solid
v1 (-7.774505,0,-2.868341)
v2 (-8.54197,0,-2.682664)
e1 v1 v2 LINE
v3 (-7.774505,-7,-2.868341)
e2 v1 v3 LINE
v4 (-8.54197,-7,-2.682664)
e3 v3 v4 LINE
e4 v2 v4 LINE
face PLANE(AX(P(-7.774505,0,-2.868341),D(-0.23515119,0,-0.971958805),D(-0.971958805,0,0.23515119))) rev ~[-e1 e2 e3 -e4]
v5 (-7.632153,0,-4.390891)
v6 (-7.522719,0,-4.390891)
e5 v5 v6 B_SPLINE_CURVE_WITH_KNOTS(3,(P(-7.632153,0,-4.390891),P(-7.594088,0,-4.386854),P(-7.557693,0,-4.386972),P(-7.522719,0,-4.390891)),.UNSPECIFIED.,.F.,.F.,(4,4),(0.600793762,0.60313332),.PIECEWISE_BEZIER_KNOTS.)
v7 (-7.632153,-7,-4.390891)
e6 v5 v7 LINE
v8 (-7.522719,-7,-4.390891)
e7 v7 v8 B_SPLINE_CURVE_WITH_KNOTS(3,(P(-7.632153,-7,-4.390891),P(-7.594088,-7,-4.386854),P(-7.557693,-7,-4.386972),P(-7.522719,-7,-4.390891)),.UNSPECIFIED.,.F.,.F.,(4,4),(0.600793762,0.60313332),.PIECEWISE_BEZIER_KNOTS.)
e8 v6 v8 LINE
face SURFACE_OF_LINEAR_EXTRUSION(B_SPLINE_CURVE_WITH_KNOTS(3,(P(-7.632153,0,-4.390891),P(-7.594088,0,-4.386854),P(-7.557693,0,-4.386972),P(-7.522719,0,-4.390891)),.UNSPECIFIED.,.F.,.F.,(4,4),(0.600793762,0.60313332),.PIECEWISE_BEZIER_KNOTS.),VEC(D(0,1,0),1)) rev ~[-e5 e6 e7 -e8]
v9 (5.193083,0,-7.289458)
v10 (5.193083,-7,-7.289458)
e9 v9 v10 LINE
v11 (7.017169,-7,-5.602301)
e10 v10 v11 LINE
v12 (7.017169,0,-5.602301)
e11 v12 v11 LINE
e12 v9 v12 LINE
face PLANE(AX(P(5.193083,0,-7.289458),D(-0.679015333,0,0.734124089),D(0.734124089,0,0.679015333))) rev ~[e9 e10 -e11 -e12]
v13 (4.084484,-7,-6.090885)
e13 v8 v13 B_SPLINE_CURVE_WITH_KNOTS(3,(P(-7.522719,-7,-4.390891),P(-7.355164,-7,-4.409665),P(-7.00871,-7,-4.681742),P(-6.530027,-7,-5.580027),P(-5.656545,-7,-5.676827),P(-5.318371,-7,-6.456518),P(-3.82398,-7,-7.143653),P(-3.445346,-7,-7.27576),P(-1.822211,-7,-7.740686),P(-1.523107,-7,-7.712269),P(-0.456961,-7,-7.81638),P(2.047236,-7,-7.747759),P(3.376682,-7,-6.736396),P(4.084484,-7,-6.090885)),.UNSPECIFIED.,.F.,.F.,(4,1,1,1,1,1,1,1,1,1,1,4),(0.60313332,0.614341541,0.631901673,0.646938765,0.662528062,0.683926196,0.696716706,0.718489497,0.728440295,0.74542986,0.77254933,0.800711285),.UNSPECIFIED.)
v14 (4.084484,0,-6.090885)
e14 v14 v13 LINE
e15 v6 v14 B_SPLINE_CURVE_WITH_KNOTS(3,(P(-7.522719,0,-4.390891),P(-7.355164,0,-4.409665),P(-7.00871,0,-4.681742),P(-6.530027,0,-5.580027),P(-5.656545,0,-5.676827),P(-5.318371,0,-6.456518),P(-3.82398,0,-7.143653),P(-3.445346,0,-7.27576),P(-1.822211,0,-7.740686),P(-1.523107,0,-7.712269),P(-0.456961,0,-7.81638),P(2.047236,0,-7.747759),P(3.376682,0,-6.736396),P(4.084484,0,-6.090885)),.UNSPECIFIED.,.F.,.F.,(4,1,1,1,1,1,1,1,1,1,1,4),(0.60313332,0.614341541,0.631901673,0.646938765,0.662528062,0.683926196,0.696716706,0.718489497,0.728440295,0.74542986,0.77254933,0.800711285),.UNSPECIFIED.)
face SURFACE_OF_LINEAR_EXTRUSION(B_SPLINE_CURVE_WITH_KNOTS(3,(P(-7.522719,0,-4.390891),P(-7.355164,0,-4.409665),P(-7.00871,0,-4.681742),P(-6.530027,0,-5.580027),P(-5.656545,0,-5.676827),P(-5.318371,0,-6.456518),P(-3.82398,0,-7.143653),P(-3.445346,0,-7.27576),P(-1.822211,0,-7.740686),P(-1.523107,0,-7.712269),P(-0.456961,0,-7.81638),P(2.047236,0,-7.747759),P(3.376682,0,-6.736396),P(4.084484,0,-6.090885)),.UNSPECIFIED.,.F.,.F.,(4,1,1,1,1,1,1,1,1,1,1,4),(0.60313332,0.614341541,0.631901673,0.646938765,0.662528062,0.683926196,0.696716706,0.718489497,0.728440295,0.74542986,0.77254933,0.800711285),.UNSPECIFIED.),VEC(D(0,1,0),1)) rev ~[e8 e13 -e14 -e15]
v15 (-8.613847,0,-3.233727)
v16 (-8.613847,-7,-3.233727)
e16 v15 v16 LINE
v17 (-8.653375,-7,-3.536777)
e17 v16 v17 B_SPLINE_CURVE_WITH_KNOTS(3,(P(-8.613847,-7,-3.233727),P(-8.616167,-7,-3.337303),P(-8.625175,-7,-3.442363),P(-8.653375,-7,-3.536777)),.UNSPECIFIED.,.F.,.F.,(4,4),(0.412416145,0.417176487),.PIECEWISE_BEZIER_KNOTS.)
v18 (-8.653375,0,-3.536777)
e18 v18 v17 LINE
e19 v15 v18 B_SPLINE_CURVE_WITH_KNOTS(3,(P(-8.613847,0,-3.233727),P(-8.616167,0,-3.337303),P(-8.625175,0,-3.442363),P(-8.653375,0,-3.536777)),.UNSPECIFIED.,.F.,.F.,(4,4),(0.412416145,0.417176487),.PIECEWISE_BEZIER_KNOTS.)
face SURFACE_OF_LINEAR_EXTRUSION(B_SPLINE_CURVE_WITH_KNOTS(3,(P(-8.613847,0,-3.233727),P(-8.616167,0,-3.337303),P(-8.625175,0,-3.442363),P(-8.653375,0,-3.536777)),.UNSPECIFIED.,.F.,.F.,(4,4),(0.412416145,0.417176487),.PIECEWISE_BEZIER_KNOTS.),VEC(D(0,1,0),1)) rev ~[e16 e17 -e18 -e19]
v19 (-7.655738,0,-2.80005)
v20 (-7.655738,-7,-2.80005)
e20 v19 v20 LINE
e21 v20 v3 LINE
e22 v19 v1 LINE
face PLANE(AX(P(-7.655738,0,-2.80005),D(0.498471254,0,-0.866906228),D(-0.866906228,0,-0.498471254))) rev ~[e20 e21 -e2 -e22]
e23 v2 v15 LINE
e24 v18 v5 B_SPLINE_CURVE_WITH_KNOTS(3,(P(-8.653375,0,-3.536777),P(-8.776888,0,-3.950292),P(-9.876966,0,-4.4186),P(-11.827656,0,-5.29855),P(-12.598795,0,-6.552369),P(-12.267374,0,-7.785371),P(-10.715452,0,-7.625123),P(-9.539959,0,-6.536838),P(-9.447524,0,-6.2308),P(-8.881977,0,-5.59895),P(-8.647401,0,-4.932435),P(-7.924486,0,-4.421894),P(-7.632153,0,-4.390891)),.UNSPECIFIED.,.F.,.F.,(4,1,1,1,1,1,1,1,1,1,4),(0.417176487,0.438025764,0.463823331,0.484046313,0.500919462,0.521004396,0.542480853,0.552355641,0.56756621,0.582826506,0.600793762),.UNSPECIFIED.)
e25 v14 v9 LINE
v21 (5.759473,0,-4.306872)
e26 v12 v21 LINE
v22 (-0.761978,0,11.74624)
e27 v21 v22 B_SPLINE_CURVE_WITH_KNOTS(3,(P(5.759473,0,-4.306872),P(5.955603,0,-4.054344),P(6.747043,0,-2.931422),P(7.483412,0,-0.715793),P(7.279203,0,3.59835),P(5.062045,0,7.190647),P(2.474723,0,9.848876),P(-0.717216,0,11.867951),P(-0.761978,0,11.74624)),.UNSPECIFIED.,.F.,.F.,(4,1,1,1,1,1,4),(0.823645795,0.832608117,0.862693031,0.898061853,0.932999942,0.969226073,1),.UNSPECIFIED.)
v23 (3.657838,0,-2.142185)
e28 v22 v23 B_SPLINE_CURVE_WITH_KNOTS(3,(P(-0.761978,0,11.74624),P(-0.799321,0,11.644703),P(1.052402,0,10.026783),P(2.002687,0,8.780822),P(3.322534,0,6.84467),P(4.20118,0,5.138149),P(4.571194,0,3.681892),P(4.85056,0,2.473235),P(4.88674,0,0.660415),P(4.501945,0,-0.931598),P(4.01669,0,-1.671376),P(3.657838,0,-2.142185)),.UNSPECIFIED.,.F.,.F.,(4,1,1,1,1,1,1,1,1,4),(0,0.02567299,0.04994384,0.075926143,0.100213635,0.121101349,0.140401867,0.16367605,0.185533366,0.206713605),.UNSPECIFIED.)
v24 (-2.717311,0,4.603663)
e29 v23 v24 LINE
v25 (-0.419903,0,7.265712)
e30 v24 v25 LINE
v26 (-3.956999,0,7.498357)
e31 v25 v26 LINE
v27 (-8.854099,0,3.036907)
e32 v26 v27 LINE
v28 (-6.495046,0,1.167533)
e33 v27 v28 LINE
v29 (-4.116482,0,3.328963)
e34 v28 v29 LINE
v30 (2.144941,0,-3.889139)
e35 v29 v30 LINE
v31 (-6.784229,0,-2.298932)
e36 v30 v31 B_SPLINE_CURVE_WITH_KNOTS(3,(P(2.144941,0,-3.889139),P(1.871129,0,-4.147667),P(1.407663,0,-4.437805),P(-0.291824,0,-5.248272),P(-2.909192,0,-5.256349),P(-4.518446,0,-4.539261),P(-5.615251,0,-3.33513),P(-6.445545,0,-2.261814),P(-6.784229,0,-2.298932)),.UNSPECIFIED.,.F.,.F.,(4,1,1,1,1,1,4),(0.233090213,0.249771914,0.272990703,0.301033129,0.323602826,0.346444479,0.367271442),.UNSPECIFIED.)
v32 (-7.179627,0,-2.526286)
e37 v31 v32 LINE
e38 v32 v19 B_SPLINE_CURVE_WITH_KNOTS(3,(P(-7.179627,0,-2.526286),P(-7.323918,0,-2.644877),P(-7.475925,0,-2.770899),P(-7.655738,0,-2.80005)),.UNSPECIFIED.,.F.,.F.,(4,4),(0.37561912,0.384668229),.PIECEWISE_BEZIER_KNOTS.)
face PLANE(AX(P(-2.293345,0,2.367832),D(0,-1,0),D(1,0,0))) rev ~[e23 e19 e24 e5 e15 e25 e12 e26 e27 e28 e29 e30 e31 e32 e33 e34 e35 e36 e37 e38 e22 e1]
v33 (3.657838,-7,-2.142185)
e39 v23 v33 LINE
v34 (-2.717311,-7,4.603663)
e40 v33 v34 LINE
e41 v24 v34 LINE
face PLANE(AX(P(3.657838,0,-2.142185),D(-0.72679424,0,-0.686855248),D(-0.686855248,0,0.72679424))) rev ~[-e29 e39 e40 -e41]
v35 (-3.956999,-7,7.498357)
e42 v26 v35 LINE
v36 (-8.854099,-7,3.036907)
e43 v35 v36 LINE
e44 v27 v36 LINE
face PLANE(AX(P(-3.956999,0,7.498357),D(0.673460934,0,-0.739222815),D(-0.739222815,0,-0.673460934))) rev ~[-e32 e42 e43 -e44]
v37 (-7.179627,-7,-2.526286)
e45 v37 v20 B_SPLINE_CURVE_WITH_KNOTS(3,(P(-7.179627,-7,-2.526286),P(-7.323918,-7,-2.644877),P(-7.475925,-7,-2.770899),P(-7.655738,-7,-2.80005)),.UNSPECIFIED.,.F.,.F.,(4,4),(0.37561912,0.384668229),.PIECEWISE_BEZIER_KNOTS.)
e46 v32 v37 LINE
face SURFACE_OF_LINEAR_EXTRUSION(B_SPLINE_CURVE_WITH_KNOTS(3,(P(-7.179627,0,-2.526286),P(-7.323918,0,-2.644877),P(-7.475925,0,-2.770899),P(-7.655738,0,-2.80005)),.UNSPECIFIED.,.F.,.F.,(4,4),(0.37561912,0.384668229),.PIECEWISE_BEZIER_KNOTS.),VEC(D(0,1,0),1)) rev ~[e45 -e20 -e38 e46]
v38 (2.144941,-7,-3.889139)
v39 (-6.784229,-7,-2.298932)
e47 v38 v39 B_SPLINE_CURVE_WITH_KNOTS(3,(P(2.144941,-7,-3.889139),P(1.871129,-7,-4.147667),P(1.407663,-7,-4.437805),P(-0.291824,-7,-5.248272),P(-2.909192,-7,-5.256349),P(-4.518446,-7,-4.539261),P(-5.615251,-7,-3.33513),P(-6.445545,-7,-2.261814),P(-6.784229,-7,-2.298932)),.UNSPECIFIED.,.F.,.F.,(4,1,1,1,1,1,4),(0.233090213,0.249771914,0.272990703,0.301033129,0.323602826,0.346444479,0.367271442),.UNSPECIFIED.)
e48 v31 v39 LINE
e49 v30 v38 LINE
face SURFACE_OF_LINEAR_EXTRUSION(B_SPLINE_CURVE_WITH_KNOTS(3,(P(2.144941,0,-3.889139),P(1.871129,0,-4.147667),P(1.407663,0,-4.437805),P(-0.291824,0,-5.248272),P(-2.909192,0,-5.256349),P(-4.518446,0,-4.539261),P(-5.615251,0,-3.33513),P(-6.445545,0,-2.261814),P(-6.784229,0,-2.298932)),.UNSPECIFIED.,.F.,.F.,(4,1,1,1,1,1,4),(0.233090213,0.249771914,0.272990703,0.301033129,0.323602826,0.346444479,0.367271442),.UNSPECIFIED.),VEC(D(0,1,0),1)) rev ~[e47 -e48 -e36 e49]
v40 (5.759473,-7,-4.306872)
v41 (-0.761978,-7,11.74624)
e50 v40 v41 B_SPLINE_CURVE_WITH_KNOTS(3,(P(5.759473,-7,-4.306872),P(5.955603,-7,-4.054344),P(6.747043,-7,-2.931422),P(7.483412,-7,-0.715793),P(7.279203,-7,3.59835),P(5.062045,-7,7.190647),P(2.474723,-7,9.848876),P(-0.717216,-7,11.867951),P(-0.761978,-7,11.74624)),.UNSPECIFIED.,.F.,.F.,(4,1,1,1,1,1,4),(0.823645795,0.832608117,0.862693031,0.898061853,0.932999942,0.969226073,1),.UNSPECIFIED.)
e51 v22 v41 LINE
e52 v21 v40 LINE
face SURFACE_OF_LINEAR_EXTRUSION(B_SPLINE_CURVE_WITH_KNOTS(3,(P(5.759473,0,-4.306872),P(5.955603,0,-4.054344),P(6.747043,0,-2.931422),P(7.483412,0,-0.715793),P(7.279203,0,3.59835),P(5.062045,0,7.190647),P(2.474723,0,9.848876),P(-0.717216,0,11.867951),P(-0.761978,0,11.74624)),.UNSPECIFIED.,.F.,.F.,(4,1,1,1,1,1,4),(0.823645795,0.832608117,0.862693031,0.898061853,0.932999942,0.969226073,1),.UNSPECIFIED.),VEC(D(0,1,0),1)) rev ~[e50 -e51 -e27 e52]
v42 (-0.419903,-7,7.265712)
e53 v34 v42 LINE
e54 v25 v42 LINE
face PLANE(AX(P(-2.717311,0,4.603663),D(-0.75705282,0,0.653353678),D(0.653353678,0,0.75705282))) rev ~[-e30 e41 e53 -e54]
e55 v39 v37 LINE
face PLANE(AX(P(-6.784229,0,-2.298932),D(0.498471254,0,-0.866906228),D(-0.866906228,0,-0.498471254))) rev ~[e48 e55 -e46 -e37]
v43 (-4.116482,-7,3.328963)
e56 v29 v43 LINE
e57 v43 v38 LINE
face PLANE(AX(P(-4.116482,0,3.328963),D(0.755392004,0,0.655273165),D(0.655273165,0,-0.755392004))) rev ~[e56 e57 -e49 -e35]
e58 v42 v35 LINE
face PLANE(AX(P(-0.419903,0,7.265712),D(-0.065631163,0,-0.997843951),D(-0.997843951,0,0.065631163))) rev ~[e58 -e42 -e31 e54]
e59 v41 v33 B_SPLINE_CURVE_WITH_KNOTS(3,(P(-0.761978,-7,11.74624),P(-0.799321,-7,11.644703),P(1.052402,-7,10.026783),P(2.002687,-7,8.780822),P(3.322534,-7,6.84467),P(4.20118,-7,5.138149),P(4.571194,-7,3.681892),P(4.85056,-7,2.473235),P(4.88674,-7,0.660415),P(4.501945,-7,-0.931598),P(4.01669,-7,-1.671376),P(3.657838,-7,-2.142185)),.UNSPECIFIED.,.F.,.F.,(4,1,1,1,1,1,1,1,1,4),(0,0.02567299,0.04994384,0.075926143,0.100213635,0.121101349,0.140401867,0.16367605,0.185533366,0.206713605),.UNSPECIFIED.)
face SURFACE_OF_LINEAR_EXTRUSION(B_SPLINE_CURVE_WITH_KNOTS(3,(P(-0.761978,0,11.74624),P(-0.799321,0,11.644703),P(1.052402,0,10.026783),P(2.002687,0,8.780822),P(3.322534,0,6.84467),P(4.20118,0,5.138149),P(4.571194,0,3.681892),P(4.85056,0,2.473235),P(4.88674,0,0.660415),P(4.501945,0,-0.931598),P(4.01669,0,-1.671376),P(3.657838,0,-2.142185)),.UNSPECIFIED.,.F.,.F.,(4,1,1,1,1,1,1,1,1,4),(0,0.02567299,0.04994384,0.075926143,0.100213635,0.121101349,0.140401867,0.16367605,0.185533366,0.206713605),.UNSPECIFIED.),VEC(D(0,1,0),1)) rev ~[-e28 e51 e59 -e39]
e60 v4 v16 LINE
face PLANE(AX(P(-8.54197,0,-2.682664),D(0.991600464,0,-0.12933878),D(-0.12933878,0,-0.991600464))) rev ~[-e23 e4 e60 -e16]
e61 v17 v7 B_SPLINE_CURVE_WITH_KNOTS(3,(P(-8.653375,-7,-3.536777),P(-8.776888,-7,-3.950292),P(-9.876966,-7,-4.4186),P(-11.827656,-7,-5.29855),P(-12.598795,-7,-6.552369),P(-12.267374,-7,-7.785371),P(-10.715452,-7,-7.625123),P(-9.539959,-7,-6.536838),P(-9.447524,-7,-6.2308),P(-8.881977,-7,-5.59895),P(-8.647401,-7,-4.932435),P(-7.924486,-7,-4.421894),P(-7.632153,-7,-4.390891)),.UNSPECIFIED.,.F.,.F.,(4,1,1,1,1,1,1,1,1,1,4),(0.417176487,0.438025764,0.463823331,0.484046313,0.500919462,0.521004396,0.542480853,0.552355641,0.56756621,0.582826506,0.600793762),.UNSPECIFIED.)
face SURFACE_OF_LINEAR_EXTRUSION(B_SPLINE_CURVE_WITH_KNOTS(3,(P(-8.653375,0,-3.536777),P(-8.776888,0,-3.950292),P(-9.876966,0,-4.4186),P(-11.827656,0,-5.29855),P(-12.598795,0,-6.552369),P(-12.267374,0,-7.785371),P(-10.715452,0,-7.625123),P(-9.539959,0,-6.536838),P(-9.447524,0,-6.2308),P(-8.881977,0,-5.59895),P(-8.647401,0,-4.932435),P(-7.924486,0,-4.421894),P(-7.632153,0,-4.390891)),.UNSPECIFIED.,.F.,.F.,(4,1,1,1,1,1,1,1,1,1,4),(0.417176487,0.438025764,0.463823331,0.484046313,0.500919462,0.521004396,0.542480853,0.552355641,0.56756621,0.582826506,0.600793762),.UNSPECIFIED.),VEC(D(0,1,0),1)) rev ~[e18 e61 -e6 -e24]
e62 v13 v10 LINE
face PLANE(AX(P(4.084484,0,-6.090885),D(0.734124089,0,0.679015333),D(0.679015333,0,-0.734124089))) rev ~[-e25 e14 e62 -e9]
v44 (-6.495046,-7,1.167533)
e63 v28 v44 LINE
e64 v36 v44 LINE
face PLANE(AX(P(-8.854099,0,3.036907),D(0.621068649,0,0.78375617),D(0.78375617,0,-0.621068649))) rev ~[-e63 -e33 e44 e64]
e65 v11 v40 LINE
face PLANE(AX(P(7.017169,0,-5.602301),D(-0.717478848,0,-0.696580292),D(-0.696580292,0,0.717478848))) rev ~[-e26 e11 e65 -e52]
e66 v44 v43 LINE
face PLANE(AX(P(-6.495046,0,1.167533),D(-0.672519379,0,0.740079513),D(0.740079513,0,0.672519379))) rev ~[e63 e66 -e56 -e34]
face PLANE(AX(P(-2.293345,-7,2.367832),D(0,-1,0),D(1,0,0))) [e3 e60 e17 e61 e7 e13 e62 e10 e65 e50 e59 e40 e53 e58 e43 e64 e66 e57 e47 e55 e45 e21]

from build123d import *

# Parameters (mm, degrees)
F1_DEPTH = 7


with BuildPart() as f1:
    # F0 (on Front) → F1 (new body)
    with BuildSketch(Plane.XZ):
        with BuildLine():
            Line((-6.4950459637, 1.1675328715), (-4.1164821014, 3.3289631829))
            Line((-4.1164821014, 3.3289631829), (2.1449406631, -3.8891390432))
            add(Edge.make_bspline(
                [(3.6578383297, -2.1421851125), (3.2109456388, -2.7285032676), (2.5778835462, -3.4803615967), (2.1449406631, -3.8891390432)],
                knots=[0.2067136048, 0.2067136048, 0.2067136048, 0.2067136048, 0.2330902126, 0.2330902126, 0.2330902126, 0.2330902126], degree=3))
            Line((3.6578383297, -2.1421851125), (-2.7173105627, 4.6036634594))
            Line((-2.7173105627, 4.6036634594), (-0.4199028481, 7.2657116689))
            Line((-0.4199028481, 7.2657116689), (-3.9569986984, 7.4983569793))
            Line((-3.9569986984, 7.4983569793), (-8.854098618, 3.0369071756))
            Line((-8.854098618, 3.0369071756), (-6.4950459637, 1.1675328715))
        make_face()
        with BuildLine():
            add(Edge.make_bspline(
                [(3.6578383297, -2.1421851125), (3.2109456388, -2.7285032676), (2.5778835462, -3.4803615967), (2.1449406631, -3.8891390432)],
                knots=[0.2067136048, 0.2067136048, 0.2067136048, 0.2067136048, 0.2330902126, 0.2330902126, 0.2330902126, 0.2330902126], degree=3))
            Line((2.1449406631, -3.8891390432), (4.0844837204, -6.0908854939))
            add(Edge.make_bspline(
                [(4.0844837204, -6.0908854939), (4.6609029866, -5.5651948077), (5.2575793442, -4.9530916323), (5.7594731242, -4.3068724109)],
                knots=[0.8007112849, 0.8007112849, 0.8007112849, 0.8007112849, 0.8236457946, 0.8236457946, 0.8236457946, 0.8236457946], degree=3))
            Line((5.7594731242, -4.3068724109), (3.6578383297, -2.1421851125))
        make_face()
        with BuildLine():
            add(Edge.make_bspline(
                [(-0.7619783864, 11.7462398484), (-0.7993211756, 11.6447027691), (1.0524022453, 10.0267826652), (2.0026869436, 8.7808221765), (3.3225342188, 6.8446700089), (4.2011801854, 5.1381487825), (4.5711937018, 3.6818923132), (4.8505597401, 2.4732351027), (4.8867396307, 0.6604148781), (4.5019445684, -0.9315981385), (4.0166901651, -1.6713755637), (3.6578383297, -2.1421851125)],
                knots=[0, 0, 0, 0, 0.0256729902, 0.0499438402, 0.0759261427, 0.1002136352, 0.1211013486, 0.1404018667, 0.1636760495, 0.1855333656, 0.2067136048, 0.2067136048, 0.2067136048, 0.2067136048], degree=3))
            Line((3.6578383297, -2.1421851125), (5.7594731242, -4.3068724109))
            add(Edge.make_bspline(
                [(5.7594731242, -4.3068724109), (5.9556026148, -4.0543435856), (6.7470428342, -2.9314224392), (7.4834121488, -0.7157931624), (7.2792025733, 3.5983495226), (5.062045283, 7.1906473079), (2.4747228351, 9.8488762041), (-0.7172160016, 11.867951213), (-0.7619783864, 11.7462398484)],
                knots=[0.8236457946, 0.8236457946, 0.8236457946, 0.8236457946, 0.8326081166, 0.862693031, 0.8980618526, 0.9329999423, 0.9692260729, 1, 1, 1, 1], degree=3))
        make_face()
        with BuildLine():
            add(Edge.make_bspline(
                [(4.0844837204, -6.0908854939), (4.6609029866, -5.5651948077), (5.2575793442, -4.9530916323), (5.7594731242, -4.3068724109)],
                knots=[0.8007112849, 0.8007112849, 0.8007112849, 0.8007112849, 0.8236457946, 0.8236457946, 0.8236457946, 0.8236457946], degree=3))
            Line((4.0844837204, -6.0908854939), (5.1930826157, -7.2894580662))
            Line((5.1930826157, -7.2894580662), (7.0171688951, -5.6023011255))
            Line((7.0171688951, -5.6023011255), (5.7594731242, -4.3068724109))
        make_face()
        with BuildLine():
            Line((4.0844837204, -6.0908854939), (2.1449406631, -3.8891390432))
            add(Edge.make_bspline(
                [(2.1449406631, -3.8891390432), (1.871128954, -4.1476674903), (1.407662696, -4.4378051617), (-0.2918243628, -5.2482722543), (-2.909192259, -5.2563491365), (-4.5184463969, -4.5392609995), (-5.6152513146, -3.3351295266), (-6.4455445726, -2.2618135457), (-6.7842290737, -2.2989320569)],
                knots=[0.2330902126, 0.2330902126, 0.2330902126, 0.2330902126, 0.2497719143, 0.2729907028, 0.3010331295, 0.3236028264, 0.3464444791, 0.3672714421, 0.3672714421, 0.3672714421, 0.3672714421], degree=3))
            Line((-6.7842290737, -2.2989320569), (-7.1796265438, -2.5262856812))
            add(Edge.make_bspline(
                [(-7.1796265438, -2.5262856812), (-7.3239182662, -2.6448774058), (-7.4759249391, -2.7708986054), (-7.6557377386, -2.8000497134)],
                knots=[0.37561912, 0.37561912, 0.37561912, 0.37561912, 0.3846682288, 0.3846682288, 0.3846682288, 0.3846682288], degree=3))
            Line((-7.6557377386, -2.8000497134), (-7.7745048329, -2.8683408163))
            Line((-7.7745048329, -2.8683408163), (-8.5419695824, -2.682663966))
            Line((-8.5419695824, -2.682663966), (-8.6138471017, -3.2337266995))
            add(Edge.make_bspline(
                [(-8.6138471017, -3.2337266995), (-8.6161673691, -3.3373032917), (-8.6251746387, -3.4423628784), (-8.6533753201, -3.536777338)],
                knots=[0.4124161448, 0.4124161448, 0.4124161448, 0.4124161448, 0.4171764869, 0.4171764869, 0.4171764869, 0.4171764869], degree=3))
            add(Edge.make_bspline(
                [(-8.6533753201, -3.536777338), (-8.7768882513, -3.950292404), (-9.876966219, -4.4185998005), (-11.8276561224, -5.2985497978), (-12.5987952723, -6.5523689371), (-12.2673739443, -7.7853712908), (-10.7154523674, -7.6251227179), (-9.5399587451, -6.5368383187), (-9.4475235126, -6.2308003198), (-8.8819766874, -5.5989495589), (-8.6474005713, -4.9324353163), (-7.9244857954, -4.4218935393), (-7.6321528759, -4.3908907101)],
                knots=[0.4171764869, 0.4171764869, 0.4171764869, 0.4171764869, 0.4380257638, 0.4638233308, 0.4840463128, 0.5009194624, 0.5210043964, 0.5424808532, 0.5523556412, 0.5675662098, 0.5828265059, 0.6007937619, 0.6007937619, 0.6007937619, 0.6007937619], degree=3))
            add(Edge.make_bspline(
                [(-7.6321528759, -4.3908907101), (-7.5940875276, -4.3868537597), (-7.5576934825, -4.3869719354), (-7.5227187723, -4.3908907101)],
                knots=[0.6007937619, 0.6007937619, 0.6007937619, 0.6007937619, 0.6031333201, 0.6031333201, 0.6031333201, 0.6031333201], degree=3))
            add(Edge.make_bspline(
                [(-7.5227187723, -4.3908907101), (-7.3551639284, -4.4096645518), (-7.0087098133, -4.6817424309), (-6.5300265302, -5.5800273108), (-5.656544907, -5.6768267861), (-5.3183710335, -6.4565184372), (-3.8239800691, -7.1436534647), (-3.4453457088, -7.2757604413), (-1.8222108534, -7.7406855471), (-1.5231071852, -7.7122694967), (-0.4569607283, -7.8163799443), (2.0472356098, -7.7477590619), (3.3766816419, -6.736396465), (4.0844837204, -6.0908854939)],
                knots=[0.6031333201, 0.6031333201, 0.6031333201, 0.6031333201, 0.6143415415, 0.6319016733, 0.6469387653, 0.6625280619, 0.6839261965, 0.696716706, 0.7184894967, 0.7284402947, 0.7454298604, 0.7725493297, 0.8007112849, 0.8007112849, 0.8007112849, 0.8007112849], degree=3))
        make_face()
    extrude(amount=F1_DEPTH)


solid = f1.part
